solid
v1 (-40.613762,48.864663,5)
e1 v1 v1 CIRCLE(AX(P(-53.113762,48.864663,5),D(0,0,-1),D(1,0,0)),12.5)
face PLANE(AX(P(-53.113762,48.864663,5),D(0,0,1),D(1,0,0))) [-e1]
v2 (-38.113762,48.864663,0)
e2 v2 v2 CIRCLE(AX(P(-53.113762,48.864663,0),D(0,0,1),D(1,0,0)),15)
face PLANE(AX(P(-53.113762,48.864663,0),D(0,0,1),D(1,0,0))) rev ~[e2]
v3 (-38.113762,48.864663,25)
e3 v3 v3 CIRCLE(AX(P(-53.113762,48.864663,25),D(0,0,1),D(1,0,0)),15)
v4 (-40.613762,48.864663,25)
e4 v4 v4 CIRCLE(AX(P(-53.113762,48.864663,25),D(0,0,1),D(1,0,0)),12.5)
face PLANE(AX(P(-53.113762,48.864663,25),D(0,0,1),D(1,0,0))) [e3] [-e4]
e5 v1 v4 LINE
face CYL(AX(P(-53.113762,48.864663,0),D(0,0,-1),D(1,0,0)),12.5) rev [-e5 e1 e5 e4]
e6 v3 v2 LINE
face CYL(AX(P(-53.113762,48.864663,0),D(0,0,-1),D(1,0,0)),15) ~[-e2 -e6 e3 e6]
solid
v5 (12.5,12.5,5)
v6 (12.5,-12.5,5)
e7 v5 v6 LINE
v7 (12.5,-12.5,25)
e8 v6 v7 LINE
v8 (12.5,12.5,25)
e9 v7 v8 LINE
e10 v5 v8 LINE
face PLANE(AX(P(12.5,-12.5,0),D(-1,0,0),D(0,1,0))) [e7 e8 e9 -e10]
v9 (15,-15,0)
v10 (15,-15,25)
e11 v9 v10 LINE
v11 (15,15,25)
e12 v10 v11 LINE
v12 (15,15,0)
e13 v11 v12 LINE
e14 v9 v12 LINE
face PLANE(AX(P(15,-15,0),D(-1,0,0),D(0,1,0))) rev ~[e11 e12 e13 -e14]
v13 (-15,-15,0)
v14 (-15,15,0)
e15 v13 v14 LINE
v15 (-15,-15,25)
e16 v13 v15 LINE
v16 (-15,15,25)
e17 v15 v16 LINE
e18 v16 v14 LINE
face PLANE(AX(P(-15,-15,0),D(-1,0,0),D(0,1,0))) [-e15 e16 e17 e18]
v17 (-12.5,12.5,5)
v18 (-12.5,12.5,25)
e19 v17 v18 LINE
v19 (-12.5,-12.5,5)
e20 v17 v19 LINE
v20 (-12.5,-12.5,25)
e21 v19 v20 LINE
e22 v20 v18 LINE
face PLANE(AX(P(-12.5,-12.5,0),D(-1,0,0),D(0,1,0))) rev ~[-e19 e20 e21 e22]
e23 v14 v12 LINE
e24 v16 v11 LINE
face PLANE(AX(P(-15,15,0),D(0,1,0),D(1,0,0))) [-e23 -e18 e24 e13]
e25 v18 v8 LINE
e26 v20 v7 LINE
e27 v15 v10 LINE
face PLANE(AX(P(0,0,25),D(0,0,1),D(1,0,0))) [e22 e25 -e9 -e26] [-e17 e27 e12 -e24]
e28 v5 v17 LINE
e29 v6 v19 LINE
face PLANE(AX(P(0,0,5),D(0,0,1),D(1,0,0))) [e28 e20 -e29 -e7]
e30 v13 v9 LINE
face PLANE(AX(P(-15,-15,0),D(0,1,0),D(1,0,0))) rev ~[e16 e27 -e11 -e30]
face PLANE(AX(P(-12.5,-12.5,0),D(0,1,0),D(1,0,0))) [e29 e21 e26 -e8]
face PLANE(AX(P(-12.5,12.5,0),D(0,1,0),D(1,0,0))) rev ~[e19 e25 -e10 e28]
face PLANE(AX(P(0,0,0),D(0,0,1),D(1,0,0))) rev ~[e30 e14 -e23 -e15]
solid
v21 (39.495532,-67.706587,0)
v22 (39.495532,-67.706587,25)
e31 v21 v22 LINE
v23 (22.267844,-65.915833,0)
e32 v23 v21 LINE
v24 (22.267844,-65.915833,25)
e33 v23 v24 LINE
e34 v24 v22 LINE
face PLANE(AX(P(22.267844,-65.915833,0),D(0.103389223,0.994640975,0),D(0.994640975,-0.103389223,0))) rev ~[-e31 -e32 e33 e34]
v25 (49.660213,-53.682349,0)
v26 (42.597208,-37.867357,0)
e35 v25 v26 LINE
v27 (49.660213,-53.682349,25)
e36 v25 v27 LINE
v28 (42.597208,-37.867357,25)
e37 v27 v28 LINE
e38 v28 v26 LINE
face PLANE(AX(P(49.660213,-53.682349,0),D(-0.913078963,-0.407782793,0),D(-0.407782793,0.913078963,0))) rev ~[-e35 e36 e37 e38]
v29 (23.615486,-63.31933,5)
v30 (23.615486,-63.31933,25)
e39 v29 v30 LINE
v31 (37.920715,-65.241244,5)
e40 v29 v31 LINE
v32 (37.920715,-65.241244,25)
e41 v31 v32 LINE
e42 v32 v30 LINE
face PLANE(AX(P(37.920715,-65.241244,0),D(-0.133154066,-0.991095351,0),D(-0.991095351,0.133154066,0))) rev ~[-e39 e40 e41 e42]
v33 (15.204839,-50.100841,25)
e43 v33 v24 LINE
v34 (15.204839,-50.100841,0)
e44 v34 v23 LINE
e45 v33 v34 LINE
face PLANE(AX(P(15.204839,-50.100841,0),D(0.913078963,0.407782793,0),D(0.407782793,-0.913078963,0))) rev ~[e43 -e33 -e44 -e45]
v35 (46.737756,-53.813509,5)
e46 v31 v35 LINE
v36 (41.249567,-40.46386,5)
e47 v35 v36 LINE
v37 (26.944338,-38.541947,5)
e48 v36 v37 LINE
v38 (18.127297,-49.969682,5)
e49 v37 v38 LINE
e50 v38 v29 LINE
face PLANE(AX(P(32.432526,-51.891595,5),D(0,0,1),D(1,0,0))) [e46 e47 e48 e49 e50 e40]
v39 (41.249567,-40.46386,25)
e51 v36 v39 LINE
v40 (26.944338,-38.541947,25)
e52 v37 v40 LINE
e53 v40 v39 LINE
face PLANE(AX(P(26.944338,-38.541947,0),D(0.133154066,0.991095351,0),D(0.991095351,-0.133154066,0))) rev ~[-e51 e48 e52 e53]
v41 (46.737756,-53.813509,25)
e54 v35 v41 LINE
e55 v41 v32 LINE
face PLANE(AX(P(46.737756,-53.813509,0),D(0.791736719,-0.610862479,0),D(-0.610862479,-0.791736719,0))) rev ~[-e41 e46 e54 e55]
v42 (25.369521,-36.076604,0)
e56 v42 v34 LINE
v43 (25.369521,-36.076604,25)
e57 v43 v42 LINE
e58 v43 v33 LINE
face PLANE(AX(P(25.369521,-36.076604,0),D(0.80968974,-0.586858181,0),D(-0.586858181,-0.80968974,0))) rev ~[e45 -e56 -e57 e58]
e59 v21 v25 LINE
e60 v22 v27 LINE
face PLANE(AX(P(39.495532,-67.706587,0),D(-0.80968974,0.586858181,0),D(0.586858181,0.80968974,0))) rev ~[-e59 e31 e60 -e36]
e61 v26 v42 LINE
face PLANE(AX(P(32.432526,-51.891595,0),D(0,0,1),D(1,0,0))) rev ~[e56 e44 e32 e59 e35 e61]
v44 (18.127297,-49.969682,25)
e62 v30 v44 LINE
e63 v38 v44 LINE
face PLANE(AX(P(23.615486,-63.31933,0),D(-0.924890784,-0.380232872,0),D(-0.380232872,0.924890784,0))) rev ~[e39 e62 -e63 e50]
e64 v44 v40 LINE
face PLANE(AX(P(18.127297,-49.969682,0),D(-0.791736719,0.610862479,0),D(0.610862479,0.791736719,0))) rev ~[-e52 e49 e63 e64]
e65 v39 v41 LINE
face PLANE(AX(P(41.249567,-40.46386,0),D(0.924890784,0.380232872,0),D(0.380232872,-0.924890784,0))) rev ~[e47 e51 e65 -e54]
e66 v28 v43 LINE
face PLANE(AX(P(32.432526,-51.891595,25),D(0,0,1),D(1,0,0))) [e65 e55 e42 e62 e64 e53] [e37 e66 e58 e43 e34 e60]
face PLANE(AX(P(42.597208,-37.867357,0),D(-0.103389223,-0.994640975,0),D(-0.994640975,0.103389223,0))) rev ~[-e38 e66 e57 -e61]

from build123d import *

# Parameters (mm, degrees)
F0_W     = 30
F0_H     = 30
F0_W_2   = 25
F0_H_2   = 25
F1_DEPTH = 5
F2_DEPTH = 25
F3_R     = 15
F3_R_2   = 12.5
F4_DEPTH = 5
F5_DEPTH = 25
F7_DEPTH = 5
F8_DEPTH = 25


with BuildPart() as f1:
    # F0 (on Top) → F1 (new body)
    with BuildSketch(Plane.XY):
        Rectangle(F0_W, F0_H)
        Rectangle(F0_W_2, F0_H_2, mode=Mode.SUBTRACT)
        Rectangle(F0_W_2, F0_H_2)
    extrude(amount=F1_DEPTH)

    # F0 (on Top) → F2 (join)
    with BuildSketch(Plane.XY):
        Rectangle(F0_W, F0_H)
        Rectangle(F0_W_2, F0_H_2, mode=Mode.SUBTRACT)
    extrude(amount=F2_DEPTH)


with BuildPart() as f4:
    # F3 (on Top) → F4 (new body)
    with BuildSketch(Plane.XY):
        with Locations((-53.1137622893, 48.8646626472)):
            Circle(F3_R)
        with Locations((-53.1137622893, 48.8646626472)):
            Circle(F3_R_2, mode=Mode.SUBTRACT)
        with Locations((-53.1137622893, 48.8646626472)):
            Circle(F3_R_2)
    extrude(amount=F4_DEPTH)

    # F3 (on Top) → F5 (join)
    with BuildSketch(Plane.XY):
        with Locations((-53.1137622893, 48.8646626472)):
            Circle(F3_R)
        with Locations((-53.1137622893, 48.8646626472)):
            Circle(F3_R_2, mode=Mode.SUBTRACT)
    extrude(amount=F5_DEPTH)


with BuildPart() as f7:
    # F6 (on Top) → F7 (new body)
    with BuildSketch(Plane.XY):
        Polygon((15.2048393161, -50.1008412448), (22.2678444807, -65.9158328049), (39.4955315147, -67.7065866852), (49.660213384, -53.6823490056), (42.5972082193, -37.8673574455), (25.3695211854, -36.0766035652), align=None)
        Polygon((37.9207151216, -65.2412437101), (23.6154859297, -63.3193303146), (18.1272971581, -49.9696817297), (26.9443375785, -38.5419465403), (41.2495667704, -40.4638599358), (46.7377555419, -53.8135085207), align=None, mode=Mode.SUBTRACT)
        Polygon((18.1272971581, -49.9696817297), (23.6154859297, -63.3193303146), (37.9207151216, -65.2412437101), (46.7377555419, -53.8135085207), (41.2495667704, -40.4638599358), (26.9443375785, -38.5419465403), align=None)
    extrude(amount=F7_DEPTH)

    # F6 (on Top) → F8 (join)
    with BuildSketch(Plane.XY):
        Polygon((15.2048393161, -50.1008412448), (22.2678444807, -65.9158328049), (39.4955315147, -67.7065866852), (49.660213384, -53.6823490056), (42.5972082193, -37.8673574455), (25.3695211854, -36.0766035652), align=None)
        Polygon((37.9207151216, -65.2412437101), (23.6154859297, -63.3193303146), (18.1272971581, -49.9696817297), (26.9443375785, -38.5419465403), (41.2495667704, -40.4638599358), (46.7377555419, -53.8135085207), align=None, mode=Mode.SUBTRACT)
    extrude(amount=F8_DEPTH)


solid = Compound([f1.part, f4.part, f7.part])
